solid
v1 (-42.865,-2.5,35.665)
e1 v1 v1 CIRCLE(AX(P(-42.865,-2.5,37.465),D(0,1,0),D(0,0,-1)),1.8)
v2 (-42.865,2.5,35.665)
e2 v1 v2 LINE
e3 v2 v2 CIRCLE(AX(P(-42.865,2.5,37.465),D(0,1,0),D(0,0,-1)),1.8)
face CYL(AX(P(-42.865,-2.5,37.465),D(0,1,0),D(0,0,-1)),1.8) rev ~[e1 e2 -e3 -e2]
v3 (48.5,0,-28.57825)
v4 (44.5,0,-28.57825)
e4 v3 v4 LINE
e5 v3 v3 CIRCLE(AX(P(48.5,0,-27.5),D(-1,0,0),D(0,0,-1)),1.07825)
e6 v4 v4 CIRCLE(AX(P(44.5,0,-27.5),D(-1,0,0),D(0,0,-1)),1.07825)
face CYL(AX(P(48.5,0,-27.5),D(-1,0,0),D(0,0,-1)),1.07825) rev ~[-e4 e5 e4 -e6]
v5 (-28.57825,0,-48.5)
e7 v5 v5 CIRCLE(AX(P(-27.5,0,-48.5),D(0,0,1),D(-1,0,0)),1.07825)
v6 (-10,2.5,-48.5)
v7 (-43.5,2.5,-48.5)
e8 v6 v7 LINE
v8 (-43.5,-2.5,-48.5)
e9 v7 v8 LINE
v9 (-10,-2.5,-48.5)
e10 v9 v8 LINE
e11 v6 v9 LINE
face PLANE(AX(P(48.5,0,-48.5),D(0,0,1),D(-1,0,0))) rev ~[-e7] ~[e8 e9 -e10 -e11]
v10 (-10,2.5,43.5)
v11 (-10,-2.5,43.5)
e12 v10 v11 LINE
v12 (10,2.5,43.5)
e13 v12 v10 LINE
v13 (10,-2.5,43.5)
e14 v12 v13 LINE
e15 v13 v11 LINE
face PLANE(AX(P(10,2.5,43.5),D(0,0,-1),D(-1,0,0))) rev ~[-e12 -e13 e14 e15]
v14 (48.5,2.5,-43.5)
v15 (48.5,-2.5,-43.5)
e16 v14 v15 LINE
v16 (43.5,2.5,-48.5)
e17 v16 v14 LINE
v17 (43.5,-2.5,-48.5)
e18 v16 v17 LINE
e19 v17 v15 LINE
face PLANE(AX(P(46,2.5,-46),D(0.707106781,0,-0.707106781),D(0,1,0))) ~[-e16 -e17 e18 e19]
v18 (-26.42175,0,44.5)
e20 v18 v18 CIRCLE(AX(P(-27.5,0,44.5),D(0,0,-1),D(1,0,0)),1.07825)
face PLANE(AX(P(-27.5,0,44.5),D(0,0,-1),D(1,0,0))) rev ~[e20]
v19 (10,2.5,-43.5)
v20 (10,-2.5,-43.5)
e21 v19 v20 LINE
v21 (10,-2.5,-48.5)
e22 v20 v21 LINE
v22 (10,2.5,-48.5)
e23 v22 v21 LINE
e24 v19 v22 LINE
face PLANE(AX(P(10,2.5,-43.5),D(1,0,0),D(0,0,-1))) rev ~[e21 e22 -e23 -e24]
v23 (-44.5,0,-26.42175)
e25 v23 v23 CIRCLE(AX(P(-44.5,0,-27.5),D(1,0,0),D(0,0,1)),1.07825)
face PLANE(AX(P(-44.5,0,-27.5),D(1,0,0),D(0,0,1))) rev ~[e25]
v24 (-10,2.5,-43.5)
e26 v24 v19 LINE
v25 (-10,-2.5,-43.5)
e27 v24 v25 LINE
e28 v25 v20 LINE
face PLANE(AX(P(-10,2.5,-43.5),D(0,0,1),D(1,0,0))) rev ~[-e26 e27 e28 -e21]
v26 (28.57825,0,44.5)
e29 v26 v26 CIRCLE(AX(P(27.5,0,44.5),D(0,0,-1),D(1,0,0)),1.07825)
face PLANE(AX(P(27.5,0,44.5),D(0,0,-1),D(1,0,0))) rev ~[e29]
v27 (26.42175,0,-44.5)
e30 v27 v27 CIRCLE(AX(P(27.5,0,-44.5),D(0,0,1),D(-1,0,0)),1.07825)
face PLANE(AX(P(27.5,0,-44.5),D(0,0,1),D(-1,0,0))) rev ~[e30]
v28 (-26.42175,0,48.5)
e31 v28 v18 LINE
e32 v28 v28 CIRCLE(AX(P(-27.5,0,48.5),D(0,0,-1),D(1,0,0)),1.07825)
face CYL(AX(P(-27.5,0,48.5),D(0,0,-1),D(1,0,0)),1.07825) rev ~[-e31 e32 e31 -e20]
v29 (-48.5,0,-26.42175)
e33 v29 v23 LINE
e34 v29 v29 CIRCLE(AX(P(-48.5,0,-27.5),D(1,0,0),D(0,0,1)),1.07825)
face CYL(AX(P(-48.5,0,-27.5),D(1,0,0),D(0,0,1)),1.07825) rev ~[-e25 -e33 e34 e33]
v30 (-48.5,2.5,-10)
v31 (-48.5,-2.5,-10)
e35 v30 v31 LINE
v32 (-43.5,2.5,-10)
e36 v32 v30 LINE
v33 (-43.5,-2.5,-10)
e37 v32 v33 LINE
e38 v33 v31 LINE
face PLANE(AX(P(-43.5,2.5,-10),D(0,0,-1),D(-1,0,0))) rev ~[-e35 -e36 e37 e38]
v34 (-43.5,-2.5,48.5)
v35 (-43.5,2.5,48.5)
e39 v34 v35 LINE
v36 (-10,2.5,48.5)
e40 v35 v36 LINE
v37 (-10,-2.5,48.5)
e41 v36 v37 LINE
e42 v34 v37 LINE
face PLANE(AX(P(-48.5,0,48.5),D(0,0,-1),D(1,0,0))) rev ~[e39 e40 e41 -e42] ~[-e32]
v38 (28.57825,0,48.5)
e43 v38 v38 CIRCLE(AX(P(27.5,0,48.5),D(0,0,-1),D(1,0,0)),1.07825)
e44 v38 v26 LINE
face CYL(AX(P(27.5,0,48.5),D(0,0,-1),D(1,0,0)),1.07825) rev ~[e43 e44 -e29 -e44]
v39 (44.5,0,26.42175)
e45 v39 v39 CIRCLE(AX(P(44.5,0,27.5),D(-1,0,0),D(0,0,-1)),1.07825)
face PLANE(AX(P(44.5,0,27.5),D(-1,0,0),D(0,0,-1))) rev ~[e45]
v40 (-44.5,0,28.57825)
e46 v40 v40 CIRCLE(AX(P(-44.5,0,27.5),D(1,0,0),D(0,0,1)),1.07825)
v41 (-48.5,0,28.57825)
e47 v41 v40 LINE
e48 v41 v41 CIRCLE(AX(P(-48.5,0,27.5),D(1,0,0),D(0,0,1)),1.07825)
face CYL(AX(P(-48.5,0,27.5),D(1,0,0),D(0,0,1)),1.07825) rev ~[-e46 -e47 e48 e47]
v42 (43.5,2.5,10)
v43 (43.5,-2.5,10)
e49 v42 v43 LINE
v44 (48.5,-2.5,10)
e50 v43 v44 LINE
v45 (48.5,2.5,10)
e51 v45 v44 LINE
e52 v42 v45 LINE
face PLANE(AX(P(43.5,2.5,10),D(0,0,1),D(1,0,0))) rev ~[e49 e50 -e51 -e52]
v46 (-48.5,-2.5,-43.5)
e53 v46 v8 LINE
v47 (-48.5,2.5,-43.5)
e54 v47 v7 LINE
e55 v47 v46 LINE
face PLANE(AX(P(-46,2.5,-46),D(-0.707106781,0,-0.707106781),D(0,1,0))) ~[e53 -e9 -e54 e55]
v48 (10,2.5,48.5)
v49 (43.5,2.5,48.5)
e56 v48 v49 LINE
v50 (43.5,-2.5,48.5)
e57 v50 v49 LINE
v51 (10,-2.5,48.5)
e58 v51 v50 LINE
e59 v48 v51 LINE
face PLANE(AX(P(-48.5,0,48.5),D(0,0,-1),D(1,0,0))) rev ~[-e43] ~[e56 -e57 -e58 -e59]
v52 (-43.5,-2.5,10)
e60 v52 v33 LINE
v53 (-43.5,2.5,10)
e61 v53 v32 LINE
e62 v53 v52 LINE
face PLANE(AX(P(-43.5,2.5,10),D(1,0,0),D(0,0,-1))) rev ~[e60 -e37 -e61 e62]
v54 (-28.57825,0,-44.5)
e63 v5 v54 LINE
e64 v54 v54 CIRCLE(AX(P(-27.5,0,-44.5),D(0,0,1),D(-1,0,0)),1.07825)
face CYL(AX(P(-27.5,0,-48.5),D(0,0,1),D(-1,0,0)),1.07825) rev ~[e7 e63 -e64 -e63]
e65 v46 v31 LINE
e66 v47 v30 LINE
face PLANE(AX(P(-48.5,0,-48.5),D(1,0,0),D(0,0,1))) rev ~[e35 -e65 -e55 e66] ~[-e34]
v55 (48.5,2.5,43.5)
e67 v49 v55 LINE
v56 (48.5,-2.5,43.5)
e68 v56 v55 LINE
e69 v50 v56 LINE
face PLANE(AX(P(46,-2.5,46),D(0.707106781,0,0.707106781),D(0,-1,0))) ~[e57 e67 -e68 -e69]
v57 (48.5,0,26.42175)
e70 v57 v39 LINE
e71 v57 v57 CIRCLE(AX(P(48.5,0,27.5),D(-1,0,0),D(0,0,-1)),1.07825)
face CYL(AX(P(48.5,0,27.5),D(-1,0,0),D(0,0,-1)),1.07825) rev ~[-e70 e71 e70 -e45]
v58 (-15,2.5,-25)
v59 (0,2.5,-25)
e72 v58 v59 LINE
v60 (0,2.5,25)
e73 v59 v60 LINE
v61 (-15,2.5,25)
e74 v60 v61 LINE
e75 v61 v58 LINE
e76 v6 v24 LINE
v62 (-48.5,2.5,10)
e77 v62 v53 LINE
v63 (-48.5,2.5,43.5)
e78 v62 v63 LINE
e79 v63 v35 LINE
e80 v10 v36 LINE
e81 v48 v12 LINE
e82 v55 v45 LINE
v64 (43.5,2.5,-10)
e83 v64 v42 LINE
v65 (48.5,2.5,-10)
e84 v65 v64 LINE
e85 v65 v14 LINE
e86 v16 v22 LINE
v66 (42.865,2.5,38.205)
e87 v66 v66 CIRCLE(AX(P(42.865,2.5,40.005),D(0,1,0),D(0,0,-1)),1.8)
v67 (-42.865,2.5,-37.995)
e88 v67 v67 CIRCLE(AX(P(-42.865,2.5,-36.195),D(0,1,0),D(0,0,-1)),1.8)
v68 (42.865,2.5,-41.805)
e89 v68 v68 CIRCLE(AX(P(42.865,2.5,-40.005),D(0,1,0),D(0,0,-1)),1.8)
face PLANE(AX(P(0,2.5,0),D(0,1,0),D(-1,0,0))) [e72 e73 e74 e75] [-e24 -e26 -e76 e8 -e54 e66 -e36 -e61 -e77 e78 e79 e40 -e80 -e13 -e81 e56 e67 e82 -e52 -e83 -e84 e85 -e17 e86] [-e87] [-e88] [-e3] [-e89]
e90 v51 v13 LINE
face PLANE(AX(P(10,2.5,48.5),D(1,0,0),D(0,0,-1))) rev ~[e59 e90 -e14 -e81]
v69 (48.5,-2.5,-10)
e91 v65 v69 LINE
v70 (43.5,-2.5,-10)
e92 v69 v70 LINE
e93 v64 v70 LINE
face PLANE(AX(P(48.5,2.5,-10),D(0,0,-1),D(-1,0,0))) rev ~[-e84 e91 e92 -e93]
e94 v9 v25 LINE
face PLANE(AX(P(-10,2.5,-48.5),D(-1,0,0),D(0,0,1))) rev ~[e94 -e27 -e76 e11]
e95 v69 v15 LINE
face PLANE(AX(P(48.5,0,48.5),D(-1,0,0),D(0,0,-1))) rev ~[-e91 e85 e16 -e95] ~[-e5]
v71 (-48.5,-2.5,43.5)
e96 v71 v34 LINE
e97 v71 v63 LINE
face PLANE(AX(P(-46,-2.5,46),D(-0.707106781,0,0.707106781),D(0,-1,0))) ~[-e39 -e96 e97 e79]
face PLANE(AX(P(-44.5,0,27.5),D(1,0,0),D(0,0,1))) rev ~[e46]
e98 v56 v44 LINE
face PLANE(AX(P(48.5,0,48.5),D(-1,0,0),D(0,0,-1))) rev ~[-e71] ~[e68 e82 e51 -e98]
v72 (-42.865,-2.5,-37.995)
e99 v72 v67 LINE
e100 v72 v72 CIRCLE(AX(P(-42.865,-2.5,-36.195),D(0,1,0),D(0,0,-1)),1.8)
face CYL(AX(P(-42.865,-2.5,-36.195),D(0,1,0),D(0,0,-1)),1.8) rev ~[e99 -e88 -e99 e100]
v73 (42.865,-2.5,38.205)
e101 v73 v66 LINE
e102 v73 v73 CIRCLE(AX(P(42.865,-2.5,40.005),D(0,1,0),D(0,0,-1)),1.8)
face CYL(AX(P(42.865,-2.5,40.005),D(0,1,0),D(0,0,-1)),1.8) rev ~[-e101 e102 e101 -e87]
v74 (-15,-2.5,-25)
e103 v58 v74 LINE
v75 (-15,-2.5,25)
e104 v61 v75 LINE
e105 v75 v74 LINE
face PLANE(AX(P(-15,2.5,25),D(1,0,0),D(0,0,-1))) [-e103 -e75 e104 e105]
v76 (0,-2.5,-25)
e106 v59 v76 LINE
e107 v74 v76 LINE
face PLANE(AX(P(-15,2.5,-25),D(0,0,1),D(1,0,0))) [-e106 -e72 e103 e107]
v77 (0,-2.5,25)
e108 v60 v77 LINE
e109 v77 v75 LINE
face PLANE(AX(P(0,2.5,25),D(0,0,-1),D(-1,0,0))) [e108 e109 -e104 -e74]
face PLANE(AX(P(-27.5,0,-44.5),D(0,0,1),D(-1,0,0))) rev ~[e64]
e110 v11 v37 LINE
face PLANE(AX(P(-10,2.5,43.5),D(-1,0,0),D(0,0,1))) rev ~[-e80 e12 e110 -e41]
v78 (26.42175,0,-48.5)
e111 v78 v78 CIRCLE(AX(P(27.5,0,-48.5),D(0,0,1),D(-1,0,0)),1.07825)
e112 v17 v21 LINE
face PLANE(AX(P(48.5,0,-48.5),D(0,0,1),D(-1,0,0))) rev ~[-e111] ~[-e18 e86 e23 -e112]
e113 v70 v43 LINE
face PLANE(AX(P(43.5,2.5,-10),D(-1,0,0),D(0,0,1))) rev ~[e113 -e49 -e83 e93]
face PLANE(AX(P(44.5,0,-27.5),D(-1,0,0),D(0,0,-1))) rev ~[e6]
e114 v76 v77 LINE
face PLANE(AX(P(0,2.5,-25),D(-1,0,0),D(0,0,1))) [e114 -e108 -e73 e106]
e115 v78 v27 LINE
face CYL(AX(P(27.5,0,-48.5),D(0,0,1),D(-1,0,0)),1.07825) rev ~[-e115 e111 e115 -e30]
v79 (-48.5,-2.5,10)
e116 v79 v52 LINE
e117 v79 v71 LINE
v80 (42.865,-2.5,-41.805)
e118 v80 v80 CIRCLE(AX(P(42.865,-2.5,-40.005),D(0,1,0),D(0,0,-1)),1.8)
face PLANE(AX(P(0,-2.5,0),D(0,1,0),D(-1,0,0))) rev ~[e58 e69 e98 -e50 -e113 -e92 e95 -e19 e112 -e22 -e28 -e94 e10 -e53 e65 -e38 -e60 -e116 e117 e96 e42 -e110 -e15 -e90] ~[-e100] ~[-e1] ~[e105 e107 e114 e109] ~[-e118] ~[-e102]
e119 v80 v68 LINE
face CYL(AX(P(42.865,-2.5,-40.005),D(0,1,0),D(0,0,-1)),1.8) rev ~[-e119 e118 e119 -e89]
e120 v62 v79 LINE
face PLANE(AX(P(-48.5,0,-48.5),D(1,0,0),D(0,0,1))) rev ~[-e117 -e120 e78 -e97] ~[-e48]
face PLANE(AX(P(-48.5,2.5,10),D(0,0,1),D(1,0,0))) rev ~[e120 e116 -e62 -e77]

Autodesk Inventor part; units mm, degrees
ref_plane "YZ Plane" through (0, 0, 0) normal (1, 0, 0) x (0, 1, 0)
ref_plane "XZ Plane" through (0, 0, 0) normal (0, 1, 0) x (-1, 0, 0)
ref_plane "XY Plane" through (0, 0, 0) normal (0, 0, 1) x (1, 0, 0)
sketch "Sketch1" plane through (0, 0, 0) normal (0, 1, 0) x (-1, 0, 0)
  line L0 (48.5, 48.5) -> (-48.5, 48.5)
  line L1 (-48.5, 48.5) -> (-48.5, -48.5)
  line L2 (-48.5, -48.5) -> (48.5, -48.5)
  line L3 (48.5, -48.5) -> (48.5, 48.5)
  point P0 (0, 0)
  point P1 (48.5, 0)
  point P2 (0, -48.5)
  dimension "d0" = 97
  dimension "d1" = 97
extrude "Extrusion1" add sketch "Sketch1" along normal mid plane 5
sketch "Sketch2" plane through (0, -2.5, 0) normal (0, -1, 0) x (1, 0, 0)
  line L0 (-42.865, 37.465) -> (-42.865, -36.195) construction
  line L1 (42.865, 40.005) -> (42.865, -40.005) construction
  line L2 (-42.865, 6.4948) -> (42.865, 6.4948) construction
  point P0 (0, 0)
  point P1 (42.865, 0)
  point P2 (0, 6.4948)
  dimension "d4" = 73.66
  dimension "d5" = 80.01
  dimension "d6" = 85.73
  dimension "d7" = 3.81
hole "Hole1" at (-42.865, -2.5, 37.465) at (42.865, -2.5, 40.005) at (-42.865, -2.5, -36.195) at (42.865, -2.5, -40.005) direction (0, 1, 0) diameter 3.6 end through all clearance for "Flat Head Machine Screw" size "M3" standard "Ansi Metric M Profile"
chamfer "Chamfer1" distance 5 angle 45 4 edges at (48.5, 0, -48.5) (-48.5, 0, -48.5) (48.5, 0, 48.5) (-48.5, 0, 48.5)
sketch "Sketch3" plane through (48.5, -2.5, 43.5) normal (1, 0, 0) x (0, 0, -1)
  point P0 (43.5, 2.5)
  point P1 (71, 2.5)
  point P2 (16, 2.5)
  dimension "d18" = 55
  dimension "d19" = 27.5
hole "Hole2" at (48.5, 0, -27.5) at (48.5, 0, 27.5) direction (-1, 0, 0) diameter 2.1565 depth 4 thread size "4-40 UNC" class "2B" standard "ANSI Unified Screw Threads"
pattern_circular "Circular Pattern1" count 4 over 360 about axis through (0, -10, 0) along (0, 1, 0) of "Hole2"
sketch "Sketch5" plane through (0, 2.5, 0) normal (0, 1, 0) x (1, 0, 0)
  line L0 (-15, 25) -> (0, 25)
  line L1 (0, 25) -> (0, -25)
  line L2 (0, -25) -> (-15, -25)
  line L3 (-15, -25) -> (-15, 25)
  point P0 (0, 0)
  point P1 (0, 0)
  dimension "d38" = 15
  dimension "d39" = 50
extrude "Extrusion3" cut sketch "Sketch5" against normal through all
sketch "Sketch6" plane through (0, 2.5, 0) normal (0, 1, 0) x (1, 0, 0)
  line L0 (-48.5, 43.5) -> (-48.5, -43.5) projected
  line L1 (-43.5, 10) -> (-48.5, 10)
  line L2 (-48.5, 10) -> (-48.5, -10)
  line L3 (-48.5, -10) -> (-43.5, -10)
  line L4 (-43.5, -10) -> (-43.5, 10)
  point P0 (0, 0)
  point P1 (-48.5, 0)
  dimension "d42" = 5
  dimension "d43" = 20
extrude "Extrusion4" cut sketch "Sketch6" against normal through all
pattern_circular "Circular Pattern3" count 4 over 360 about axis through (0, -10, 0) along (0, 1, 0) of "Extrusion4"
equation "\"d1\" = d0"
equation "\"d19\" = 0.5 * d18"
properties part number "stackframesupport" material "Aluminum 6061"
